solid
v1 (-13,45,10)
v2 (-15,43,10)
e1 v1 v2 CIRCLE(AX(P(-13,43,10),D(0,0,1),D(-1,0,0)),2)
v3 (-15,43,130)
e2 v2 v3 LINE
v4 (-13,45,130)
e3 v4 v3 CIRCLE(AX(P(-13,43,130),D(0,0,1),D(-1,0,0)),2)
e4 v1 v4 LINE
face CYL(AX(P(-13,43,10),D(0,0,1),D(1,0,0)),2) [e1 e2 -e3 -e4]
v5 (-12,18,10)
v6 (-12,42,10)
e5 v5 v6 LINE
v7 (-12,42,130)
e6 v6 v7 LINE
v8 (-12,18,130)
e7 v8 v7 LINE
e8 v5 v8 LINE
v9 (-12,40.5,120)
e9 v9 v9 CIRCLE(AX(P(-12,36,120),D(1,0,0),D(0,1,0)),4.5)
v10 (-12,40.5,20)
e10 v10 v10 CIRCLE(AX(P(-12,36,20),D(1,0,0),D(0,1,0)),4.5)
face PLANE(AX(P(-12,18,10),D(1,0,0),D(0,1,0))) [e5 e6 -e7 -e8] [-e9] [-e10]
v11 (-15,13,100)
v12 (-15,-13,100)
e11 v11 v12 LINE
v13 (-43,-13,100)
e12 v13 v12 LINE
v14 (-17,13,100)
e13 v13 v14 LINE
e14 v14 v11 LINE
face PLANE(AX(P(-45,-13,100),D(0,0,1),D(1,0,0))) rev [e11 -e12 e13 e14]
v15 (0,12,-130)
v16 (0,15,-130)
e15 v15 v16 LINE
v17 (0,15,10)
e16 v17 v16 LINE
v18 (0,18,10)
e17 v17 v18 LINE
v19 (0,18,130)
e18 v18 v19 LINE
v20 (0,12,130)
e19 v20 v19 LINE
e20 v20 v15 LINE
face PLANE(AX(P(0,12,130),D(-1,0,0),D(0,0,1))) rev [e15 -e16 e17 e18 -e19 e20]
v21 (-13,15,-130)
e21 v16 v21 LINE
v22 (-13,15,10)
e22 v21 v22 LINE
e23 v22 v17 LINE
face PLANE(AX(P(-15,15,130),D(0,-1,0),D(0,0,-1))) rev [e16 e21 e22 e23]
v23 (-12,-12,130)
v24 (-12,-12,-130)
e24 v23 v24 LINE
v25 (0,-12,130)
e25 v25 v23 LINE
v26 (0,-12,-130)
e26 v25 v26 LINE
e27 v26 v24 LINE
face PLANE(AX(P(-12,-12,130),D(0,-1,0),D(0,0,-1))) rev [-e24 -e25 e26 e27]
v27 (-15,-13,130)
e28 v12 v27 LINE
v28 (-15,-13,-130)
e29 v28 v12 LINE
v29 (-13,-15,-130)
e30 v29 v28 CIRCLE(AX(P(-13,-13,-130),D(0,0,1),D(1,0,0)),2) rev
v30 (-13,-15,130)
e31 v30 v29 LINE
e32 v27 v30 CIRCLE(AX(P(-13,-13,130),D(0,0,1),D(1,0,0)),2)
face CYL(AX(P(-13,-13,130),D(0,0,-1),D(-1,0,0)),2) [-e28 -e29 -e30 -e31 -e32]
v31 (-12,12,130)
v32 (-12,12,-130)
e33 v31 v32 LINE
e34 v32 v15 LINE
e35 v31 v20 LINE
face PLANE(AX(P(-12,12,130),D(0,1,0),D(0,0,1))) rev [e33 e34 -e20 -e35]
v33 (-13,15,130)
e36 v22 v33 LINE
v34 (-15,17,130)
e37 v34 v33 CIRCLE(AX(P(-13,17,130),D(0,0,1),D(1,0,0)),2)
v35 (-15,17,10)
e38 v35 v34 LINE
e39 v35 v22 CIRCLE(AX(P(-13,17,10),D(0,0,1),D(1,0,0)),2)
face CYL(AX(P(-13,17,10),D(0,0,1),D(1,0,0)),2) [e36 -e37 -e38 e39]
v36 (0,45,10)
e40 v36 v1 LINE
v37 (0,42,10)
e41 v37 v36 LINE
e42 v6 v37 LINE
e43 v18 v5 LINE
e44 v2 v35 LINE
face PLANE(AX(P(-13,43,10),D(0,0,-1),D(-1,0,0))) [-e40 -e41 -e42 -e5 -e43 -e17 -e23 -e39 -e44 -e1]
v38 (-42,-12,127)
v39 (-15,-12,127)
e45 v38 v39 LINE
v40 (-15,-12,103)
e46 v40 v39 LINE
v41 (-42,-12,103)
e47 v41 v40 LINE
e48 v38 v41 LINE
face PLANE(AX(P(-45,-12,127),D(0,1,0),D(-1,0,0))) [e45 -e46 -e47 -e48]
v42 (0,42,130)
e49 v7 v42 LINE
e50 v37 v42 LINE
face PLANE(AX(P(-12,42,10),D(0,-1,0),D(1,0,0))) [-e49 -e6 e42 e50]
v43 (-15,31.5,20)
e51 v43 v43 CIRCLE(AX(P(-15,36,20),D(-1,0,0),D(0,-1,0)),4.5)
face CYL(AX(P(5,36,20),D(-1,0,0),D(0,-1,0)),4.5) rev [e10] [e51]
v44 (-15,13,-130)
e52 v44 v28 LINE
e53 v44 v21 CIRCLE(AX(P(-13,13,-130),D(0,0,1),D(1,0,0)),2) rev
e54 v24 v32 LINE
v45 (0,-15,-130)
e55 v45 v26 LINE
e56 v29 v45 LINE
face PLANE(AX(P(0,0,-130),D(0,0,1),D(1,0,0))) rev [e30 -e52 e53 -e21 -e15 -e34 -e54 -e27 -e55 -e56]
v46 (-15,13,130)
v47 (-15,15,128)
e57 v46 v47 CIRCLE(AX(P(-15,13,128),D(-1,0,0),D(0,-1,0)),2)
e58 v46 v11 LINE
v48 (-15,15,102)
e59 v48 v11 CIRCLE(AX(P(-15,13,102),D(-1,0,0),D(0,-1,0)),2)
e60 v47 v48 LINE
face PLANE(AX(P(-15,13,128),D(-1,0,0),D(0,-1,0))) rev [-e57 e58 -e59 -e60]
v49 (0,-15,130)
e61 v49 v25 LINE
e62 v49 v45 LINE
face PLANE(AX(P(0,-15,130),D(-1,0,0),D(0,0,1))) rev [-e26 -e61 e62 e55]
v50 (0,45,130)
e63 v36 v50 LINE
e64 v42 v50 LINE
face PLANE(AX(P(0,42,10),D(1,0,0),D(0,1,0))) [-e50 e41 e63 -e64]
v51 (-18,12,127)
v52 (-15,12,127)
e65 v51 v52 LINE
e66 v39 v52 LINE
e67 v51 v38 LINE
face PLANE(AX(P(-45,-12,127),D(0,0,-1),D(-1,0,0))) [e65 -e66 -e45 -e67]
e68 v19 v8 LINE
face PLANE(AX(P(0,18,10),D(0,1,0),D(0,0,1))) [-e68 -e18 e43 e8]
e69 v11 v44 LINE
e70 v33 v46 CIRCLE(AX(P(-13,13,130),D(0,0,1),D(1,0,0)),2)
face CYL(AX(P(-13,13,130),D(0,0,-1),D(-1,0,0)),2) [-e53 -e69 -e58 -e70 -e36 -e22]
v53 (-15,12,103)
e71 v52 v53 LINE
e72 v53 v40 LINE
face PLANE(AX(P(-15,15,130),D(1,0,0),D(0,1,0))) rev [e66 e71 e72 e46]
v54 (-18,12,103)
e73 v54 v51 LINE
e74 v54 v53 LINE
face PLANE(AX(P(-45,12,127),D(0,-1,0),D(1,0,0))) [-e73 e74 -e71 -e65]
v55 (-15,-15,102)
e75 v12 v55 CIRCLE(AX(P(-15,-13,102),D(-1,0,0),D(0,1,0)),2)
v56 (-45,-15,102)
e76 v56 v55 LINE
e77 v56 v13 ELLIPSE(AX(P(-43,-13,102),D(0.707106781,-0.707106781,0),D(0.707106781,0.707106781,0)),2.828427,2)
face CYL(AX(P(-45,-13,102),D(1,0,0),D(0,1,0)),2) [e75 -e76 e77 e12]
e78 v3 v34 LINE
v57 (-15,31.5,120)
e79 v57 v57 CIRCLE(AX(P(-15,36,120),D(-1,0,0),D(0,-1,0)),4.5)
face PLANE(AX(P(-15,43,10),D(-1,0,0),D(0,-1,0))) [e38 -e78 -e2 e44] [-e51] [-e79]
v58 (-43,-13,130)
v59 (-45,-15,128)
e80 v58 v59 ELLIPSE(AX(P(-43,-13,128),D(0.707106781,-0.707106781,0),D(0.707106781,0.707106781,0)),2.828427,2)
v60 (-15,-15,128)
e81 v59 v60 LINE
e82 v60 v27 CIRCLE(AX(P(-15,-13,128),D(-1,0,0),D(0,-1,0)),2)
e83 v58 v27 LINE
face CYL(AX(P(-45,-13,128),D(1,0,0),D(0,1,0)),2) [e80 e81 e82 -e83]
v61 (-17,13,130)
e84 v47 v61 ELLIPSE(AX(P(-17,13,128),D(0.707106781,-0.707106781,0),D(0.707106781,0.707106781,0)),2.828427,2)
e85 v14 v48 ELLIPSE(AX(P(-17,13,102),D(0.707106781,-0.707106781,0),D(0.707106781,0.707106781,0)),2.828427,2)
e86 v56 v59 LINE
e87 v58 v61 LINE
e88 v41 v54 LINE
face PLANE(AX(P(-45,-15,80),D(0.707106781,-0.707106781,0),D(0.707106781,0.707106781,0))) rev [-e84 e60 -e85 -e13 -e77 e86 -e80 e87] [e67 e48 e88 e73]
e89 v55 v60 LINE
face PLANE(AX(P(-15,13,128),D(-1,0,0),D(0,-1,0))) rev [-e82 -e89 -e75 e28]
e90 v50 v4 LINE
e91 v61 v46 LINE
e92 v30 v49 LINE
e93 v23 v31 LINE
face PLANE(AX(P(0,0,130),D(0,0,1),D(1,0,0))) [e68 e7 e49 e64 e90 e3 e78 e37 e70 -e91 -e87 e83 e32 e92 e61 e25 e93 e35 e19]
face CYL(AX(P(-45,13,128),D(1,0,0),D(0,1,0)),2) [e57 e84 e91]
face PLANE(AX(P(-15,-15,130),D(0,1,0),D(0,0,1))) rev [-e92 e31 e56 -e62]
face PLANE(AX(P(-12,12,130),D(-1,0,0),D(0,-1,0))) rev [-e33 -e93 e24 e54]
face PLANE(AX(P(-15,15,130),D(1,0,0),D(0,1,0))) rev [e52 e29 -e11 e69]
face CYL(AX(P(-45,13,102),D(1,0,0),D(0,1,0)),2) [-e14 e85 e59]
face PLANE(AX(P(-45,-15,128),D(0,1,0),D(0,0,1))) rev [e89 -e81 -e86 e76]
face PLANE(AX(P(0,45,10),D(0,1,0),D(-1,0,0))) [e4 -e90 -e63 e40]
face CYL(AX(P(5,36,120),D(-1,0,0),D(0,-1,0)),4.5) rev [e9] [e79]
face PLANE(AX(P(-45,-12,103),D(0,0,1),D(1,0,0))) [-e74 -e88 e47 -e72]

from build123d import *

# Parameters (mm, degrees)
SALIENTE_EXTRUIR1_DEPTH = 130
REDONDEO1_R             = 2
SALIENTE_EXTRUIR2_DEPTH = 120
CROQUIS3_R              = 4.5
CORTAR_EXTRUIR1_DEPTH   = 20
CROQUIS4_W              = 24
CROQUIS4_H              = 24
SALIENTE_EXTRUIR3_DEPTH = 30
CORTAR_EXTRUIR2_DEPTH   = 50


with BuildPart() as part:
    # Croquis1 → Saliente-Extruir1 (new body, symmetric)
    with BuildSketch(Plane.XY):
        Polygon((-12, 12), (0, 12), (0, 15), (-15, 15), (-15, -15), (0, -15), (0, -12), (-12, -12), align=None)
    extrude(amount=SALIENTE_EXTRUIR1_DEPTH, both=True)

    # Redondeo1
    redondeo1_edges = [part.edges().sort_by_distance(p)[0] for p in [
        (-15, 15, 0),
        (-15, -15, 0),
    ]]
    fillet(redondeo1_edges, radius=REDONDEO1_R)

    # Croquis2 → Saliente-Extruir2 (add)
    with BuildSketch(Plane.XY.offset(130)):
        with BuildLine():
            Line((-15, 43), (-15, 17))
            ThreePointArc((-15, 17), (-14.414213562, 15.585786438), (-13, 15))
            Line((-13, 15), (0, 15))
            Line((0, 15), (0, 18))
            Line((0, 18), (-12, 18))
            Line((-12, 18), (-12, 42))
            Line((-12, 42), (0, 42))
            Line((0, 42), (0, 45))
            Line((0, 45), (-13, 45))
            ThreePointArc((-13, 45), (-14.414213562, 44.414213562), (-15, 43))
        make_face()
    extrude(amount=-SALIENTE_EXTRUIR2_DEPTH)

    # Croquis3 → Cortar-Extruir1 (cut)
    with BuildSketch(Plane.ZY.offset(15)):
        with Locations((120, 36)):
            Circle(CROQUIS3_R)
        with Locations((20, 36)):
            Circle(CROQUIS3_R)
    extrude(amount=-CORTAR_EXTRUIR1_DEPTH, mode=Mode.SUBTRACT)

    # Croquis4 → Saliente-Extruir3 (add)
    with BuildSketch(Plane.ZY.offset(15)):
        with BuildLine():
            Line((128, -15), (102, -15))
            ThreePointArc((102, -15), (100.585786438, -14.414213562), (100, -13))
            Line((100, -13), (100, 13))
            ThreePointArc((100, 13), (100.585786438, 14.414213562), (102, 15))
            Line((102, 15), (128, 15))
            ThreePointArc((128, 15), (129.414213562, 14.414213562), (130, 13))
            Line((130, 13), (130, -13))
            ThreePointArc((130, -13), (129.414213562, -14.414213562), (128, -15))
        make_face()
        with Locations((115, 0)):
            Rectangle(CROQUIS4_W, CROQUIS4_H, mode=Mode.SUBTRACT)
    extrude(amount=SALIENTE_EXTRUIR3_DEPTH)

    # Croquis5 → Cortar-Extruir2 (cut)
    with BuildSketch(Plane.XY.offset(130)):
        Polygon((-45, -15), (-15, 15), (-45, 15), align=None)
    extrude(amount=-CORTAR_EXTRUIR2_DEPTH, mode=Mode.SUBTRACT)


solid = part.part
